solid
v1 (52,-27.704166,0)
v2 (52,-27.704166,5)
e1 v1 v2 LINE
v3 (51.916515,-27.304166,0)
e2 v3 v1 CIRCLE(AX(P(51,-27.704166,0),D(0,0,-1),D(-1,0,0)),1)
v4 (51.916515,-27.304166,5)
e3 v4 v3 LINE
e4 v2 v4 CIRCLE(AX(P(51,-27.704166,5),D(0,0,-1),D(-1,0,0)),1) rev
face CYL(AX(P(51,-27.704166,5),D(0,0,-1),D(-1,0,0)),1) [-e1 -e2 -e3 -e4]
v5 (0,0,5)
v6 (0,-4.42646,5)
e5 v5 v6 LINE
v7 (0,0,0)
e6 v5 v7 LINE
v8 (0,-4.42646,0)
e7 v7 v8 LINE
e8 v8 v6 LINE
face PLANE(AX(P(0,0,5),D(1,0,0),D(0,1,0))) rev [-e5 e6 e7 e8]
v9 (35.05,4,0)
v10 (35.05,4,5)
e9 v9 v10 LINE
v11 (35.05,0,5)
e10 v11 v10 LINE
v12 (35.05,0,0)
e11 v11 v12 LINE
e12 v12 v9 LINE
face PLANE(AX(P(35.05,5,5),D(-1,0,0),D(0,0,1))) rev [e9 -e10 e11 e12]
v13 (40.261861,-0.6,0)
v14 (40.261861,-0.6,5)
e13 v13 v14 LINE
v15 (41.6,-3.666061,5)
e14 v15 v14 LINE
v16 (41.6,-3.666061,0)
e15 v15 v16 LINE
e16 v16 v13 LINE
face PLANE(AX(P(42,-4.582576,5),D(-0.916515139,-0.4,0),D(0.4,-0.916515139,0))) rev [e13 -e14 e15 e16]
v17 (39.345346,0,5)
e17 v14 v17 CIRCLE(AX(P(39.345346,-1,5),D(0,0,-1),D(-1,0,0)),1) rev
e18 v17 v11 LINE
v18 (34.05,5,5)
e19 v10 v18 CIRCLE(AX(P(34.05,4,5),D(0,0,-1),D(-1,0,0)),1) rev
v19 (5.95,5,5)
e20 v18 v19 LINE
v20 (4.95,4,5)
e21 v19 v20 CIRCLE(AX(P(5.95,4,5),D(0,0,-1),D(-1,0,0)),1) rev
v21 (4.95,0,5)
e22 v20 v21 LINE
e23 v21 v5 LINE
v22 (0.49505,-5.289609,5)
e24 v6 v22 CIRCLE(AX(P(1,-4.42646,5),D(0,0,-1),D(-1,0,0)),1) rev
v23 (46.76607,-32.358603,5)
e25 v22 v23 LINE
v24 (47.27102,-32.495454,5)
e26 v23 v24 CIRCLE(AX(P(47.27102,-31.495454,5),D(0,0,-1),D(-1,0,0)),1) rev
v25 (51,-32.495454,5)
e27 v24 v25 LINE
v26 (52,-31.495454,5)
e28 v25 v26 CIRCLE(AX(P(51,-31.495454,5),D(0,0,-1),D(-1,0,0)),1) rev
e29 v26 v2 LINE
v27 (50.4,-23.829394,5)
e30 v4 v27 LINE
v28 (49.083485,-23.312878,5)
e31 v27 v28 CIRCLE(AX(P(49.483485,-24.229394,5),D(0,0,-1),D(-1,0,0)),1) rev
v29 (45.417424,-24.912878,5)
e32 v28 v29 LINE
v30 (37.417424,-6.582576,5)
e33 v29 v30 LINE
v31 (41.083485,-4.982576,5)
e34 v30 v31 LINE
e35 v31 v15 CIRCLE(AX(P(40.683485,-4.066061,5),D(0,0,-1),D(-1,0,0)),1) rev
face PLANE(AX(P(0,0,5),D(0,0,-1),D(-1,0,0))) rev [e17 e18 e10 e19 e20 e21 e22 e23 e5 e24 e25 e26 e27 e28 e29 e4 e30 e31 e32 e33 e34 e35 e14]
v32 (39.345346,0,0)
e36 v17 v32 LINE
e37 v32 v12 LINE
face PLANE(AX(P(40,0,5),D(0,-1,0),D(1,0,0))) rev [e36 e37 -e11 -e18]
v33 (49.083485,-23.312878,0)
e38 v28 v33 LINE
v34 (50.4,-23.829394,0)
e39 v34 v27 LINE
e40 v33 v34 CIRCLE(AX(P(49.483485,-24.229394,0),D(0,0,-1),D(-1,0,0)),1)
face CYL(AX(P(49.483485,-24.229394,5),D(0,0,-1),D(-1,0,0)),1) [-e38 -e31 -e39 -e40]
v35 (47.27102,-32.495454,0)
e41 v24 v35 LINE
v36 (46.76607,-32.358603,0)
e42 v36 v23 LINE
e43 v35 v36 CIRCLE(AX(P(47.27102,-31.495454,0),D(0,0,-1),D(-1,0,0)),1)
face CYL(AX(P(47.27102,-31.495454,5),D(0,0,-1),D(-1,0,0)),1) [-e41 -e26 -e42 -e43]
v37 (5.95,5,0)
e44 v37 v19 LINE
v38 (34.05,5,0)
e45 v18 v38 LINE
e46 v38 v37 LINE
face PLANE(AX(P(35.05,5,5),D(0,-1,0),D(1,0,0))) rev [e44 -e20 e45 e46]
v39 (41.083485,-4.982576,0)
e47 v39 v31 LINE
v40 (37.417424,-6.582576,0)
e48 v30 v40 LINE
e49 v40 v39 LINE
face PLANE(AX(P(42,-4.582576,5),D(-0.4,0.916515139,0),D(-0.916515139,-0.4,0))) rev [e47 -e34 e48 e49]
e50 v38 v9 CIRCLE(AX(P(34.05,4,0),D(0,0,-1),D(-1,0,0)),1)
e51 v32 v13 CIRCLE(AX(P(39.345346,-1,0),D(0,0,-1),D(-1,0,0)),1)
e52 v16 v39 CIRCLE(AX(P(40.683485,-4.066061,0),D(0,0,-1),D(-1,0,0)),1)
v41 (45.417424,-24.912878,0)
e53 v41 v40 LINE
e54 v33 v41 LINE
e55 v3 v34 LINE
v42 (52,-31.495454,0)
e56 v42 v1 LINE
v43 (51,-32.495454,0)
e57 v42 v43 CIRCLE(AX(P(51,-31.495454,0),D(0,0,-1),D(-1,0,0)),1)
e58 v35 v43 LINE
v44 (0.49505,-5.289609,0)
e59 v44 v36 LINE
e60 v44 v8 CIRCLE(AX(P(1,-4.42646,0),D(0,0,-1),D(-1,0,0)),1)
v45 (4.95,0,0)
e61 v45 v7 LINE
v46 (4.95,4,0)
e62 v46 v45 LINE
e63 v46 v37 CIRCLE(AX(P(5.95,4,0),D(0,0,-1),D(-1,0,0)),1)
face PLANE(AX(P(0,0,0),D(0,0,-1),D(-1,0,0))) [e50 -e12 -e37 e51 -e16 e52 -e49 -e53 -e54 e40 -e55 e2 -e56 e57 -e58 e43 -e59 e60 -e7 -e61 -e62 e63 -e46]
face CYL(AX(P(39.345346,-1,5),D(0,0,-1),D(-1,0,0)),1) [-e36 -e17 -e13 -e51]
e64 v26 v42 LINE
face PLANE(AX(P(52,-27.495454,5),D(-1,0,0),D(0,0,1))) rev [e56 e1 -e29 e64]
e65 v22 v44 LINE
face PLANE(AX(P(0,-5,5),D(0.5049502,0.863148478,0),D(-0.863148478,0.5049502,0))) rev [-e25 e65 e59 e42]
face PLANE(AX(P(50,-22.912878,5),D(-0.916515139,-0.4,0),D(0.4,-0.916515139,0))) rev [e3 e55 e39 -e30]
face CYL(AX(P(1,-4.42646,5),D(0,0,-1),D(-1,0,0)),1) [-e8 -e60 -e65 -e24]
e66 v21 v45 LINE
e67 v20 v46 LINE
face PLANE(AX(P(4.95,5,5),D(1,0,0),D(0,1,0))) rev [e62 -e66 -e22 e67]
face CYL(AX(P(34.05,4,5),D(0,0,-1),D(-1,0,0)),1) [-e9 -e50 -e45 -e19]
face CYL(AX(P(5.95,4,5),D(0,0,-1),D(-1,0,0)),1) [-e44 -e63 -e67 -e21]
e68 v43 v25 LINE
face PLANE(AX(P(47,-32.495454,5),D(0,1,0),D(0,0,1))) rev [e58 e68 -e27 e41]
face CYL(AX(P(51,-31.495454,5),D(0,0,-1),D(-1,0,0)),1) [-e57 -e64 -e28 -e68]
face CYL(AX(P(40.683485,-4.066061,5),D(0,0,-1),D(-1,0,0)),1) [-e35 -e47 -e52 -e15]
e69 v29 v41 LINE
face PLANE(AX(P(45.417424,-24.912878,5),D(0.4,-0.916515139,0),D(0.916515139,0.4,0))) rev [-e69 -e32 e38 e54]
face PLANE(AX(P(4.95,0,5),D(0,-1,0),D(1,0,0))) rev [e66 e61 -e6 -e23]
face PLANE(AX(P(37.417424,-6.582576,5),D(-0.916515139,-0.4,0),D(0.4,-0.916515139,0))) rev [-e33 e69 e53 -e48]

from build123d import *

# Parameters (mm, degrees)
BOSS_EXTRUDE1_DEPTH = 5
FILLET1_R           = 1


with BuildPart() as part:
    # Sketch1 → Boss-Extrude1 (new body)
    with BuildSketch(Plane.XY):
        Polygon((42, -4.582575695), (37.417424305, -6.582575695), (45.417424305, -24.912878475), (50, -22.912878475), (52, -27.49545417), (52, -32.49545417), (47, -32.49545417), (0, -5), (0, 0), (4.95, 0), (4.95, 5), (35.05, 5), (35.05, 0), (40, 0), align=None)
    extrude(amount=BOSS_EXTRUDE1_DEPTH)

    # Fillet1
    fillet1_edges = [part.edges().sort_by_distance(p)[0] for p in [
        (4.95, 5, 2.5),
        (35.05, 5, 2.5),
        (40, 0, 2.5),
        (42, -4.582575695, 2.5),
        (50, -22.912878475, 2.5),
        (52, -27.49545417, 2.5),
        (52, -32.49545417, 2.5),
        (47, -32.49545417, 2.5),
        (0, -5, 2.5),
    ]]
    fillet(fillet1_edges, radius=FILLET1_R)


solid = part.part
